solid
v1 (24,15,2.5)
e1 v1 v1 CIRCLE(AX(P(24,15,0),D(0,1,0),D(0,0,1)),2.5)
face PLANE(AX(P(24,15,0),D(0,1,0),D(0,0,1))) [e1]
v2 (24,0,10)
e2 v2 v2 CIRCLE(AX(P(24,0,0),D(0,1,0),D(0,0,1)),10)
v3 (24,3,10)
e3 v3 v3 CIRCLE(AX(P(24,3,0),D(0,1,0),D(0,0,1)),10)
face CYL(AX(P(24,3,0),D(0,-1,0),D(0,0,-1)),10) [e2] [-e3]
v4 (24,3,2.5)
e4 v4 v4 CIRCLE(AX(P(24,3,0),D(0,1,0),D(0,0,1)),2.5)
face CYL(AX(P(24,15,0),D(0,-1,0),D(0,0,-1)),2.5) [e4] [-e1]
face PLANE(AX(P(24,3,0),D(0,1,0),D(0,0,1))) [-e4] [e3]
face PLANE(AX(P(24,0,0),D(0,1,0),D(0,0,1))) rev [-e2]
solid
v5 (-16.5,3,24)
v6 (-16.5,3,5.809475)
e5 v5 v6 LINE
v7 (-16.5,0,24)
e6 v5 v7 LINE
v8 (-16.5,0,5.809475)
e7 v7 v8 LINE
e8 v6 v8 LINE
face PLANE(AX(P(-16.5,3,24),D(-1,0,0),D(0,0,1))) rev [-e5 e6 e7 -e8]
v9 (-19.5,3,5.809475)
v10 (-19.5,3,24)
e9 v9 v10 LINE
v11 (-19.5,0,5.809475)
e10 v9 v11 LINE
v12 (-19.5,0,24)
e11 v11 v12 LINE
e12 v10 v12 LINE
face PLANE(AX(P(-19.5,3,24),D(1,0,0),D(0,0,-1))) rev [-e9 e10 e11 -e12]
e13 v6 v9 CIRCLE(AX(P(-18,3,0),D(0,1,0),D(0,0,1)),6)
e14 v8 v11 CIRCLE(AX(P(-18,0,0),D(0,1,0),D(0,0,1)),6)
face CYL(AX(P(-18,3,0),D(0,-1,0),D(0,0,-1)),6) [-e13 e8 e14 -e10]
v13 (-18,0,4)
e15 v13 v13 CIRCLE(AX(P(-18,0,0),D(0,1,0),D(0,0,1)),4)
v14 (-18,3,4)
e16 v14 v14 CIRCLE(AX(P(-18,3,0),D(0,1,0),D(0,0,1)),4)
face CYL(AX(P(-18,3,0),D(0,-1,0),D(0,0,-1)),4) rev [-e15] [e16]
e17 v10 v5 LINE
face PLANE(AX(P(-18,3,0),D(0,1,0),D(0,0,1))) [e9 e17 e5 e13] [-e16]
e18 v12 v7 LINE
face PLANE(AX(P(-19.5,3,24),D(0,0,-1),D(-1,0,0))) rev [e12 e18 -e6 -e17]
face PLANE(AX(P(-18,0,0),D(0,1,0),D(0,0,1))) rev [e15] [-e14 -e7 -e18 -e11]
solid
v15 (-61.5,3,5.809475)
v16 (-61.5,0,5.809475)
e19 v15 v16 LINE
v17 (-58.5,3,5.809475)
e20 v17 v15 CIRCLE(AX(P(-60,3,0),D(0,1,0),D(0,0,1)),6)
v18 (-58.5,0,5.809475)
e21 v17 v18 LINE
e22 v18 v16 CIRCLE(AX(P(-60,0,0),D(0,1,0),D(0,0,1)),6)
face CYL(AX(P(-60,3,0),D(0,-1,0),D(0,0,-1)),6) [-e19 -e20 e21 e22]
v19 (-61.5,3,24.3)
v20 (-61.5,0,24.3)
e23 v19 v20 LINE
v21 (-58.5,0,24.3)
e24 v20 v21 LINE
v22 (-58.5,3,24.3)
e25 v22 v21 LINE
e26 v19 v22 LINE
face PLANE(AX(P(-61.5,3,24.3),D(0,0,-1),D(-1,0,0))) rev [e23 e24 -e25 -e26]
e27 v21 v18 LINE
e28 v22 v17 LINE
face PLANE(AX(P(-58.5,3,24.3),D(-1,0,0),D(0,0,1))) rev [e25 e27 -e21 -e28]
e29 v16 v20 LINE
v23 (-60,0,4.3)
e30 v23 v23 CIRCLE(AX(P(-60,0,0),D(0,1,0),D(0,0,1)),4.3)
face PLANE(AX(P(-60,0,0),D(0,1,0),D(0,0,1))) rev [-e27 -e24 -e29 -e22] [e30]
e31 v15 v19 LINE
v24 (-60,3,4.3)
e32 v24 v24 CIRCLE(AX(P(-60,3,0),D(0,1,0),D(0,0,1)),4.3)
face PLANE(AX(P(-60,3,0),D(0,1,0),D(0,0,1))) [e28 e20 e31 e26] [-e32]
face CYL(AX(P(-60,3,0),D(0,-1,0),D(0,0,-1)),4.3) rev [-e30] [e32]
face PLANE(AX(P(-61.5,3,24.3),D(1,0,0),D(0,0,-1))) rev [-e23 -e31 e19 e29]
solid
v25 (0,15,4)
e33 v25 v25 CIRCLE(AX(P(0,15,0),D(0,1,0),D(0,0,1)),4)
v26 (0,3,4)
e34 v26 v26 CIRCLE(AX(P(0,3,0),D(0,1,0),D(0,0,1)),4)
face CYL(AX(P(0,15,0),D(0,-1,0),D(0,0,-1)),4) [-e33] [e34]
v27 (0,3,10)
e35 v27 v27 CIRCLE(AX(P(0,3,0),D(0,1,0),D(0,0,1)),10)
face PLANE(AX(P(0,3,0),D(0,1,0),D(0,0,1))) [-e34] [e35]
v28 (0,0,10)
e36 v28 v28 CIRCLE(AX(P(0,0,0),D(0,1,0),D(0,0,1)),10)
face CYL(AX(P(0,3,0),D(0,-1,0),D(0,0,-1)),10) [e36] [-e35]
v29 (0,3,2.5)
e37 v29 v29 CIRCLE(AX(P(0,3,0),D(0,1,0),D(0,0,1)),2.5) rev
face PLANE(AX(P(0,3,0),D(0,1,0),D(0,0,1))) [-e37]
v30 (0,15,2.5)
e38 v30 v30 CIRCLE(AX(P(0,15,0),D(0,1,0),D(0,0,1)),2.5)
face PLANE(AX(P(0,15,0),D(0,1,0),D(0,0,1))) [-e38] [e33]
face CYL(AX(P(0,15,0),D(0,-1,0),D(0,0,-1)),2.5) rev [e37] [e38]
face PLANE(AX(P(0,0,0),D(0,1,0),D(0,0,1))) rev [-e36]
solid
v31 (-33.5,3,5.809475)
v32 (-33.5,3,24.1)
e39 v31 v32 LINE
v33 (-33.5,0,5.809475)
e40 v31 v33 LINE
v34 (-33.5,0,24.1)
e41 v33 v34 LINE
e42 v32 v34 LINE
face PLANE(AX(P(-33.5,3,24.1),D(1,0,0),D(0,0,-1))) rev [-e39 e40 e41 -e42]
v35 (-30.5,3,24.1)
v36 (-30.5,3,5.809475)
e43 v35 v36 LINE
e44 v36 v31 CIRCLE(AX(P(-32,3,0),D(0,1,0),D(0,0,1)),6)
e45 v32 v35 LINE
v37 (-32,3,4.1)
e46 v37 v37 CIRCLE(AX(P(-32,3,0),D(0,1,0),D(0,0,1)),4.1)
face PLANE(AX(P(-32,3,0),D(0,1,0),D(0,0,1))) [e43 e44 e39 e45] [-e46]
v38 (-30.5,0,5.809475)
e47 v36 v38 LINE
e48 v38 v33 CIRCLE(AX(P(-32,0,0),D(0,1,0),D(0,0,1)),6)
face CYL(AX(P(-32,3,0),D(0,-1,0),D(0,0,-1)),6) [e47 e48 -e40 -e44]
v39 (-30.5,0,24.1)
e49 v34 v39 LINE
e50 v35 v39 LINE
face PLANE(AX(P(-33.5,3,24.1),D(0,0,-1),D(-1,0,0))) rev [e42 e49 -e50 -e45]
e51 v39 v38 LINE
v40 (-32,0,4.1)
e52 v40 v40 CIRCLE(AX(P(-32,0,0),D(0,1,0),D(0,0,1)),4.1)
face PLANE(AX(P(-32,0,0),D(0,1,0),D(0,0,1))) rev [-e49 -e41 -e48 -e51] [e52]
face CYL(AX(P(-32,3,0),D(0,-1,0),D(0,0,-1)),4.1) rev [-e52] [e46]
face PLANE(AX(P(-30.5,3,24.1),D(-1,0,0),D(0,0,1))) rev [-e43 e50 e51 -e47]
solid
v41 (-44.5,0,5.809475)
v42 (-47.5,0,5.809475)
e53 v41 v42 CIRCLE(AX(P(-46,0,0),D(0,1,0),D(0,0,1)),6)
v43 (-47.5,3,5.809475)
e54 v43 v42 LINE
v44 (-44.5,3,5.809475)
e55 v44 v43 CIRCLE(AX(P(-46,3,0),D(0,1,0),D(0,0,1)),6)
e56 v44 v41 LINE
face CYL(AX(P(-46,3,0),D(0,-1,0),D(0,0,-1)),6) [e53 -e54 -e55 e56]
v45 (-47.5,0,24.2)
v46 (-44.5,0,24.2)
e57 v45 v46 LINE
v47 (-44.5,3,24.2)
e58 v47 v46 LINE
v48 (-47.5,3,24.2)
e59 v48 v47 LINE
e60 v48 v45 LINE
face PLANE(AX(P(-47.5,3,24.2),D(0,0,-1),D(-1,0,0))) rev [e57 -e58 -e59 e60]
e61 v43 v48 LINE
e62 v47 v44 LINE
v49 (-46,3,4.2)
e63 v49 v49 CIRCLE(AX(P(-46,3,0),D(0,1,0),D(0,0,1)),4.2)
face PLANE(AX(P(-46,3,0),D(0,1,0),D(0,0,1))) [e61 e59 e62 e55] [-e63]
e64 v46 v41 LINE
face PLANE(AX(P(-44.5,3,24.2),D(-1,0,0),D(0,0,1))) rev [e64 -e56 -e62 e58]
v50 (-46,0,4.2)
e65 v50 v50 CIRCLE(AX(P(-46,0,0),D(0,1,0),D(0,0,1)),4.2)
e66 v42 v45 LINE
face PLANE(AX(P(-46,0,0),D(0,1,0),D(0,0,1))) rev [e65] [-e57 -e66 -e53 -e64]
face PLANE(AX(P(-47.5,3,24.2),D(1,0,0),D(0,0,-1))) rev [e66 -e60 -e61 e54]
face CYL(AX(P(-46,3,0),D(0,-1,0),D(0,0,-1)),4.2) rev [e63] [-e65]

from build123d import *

# Parameters (mm, degrees)
SKETCH_1_R        = 10
EXTRUDE_1_DEPTH   = 3
EXTRUDE_1_2_DEPTH = 3
SKETCH_4_R        = 2.5
EXTRUDE_2_DEPTH   = 12
SKETCH_3_R        = 4
SKETCH_3_R_2      = 2.5
EXTRUDE_3_DEPTH   = 12
SKETCH_5_R        = 4.3
EXTRUDE_4_DEPTH   = 3
SKETCH_5_R_2      = 4.2
EXTRUDE_4_2_DEPTH = 3
SKETCH_5_R_3      = 4.1
EXTRUDE_4_3_DEPTH = 3
SKETCH_5_R_4      = 4
EXTRUDE_4_4_DEPTH = 3


with BuildPart() as part:
    # Эскиз1 → Бобышка-Вытянуть1 (new body)
    with BuildSketch(Plane(origin=(0, 0, 0), x_dir=(1, 0, 0), z_dir=(0, 1, 0))):
        with Locations(Location((0, 0, 0), (0, 0, 270))):
            Circle(SKETCH_1_R)
    extrude(amount=EXTRUDE_1_DEPTH)

    # Эскиз3 → Бобышка-Вытянуть3 (add)
    with BuildSketch(Plane(origin=(0, 3, 0), x_dir=(1, 0, 0), z_dir=(0, 1, 0))):
        with Locations(Location((0, 0, 0), (0, 0, 270))):
            Circle(SKETCH_3_R)
        with Locations(Location((0, 0, 0), (0, 0, 270))):
            Circle(SKETCH_3_R_2, mode=Mode.SUBTRACT)
    extrude(amount=EXTRUDE_3_DEPTH)


with BuildPart() as body_2:
    # Эскиз1 → Extrude 1 2 (new body)
    with BuildSketch(Plane(origin=(0, 0, 0), x_dir=(1, 0, 0), z_dir=(0, 1, 0))):
        with Locations(Location((24, 0, 0), (0, 0, 270))):
            Circle(SKETCH_1_R)
    extrude(amount=EXTRUDE_1_2_DEPTH)

    # Эскиз4 → Бобышка-Вытянуть2 (add)
    with BuildSketch(Plane(origin=(0, 3, 0), x_dir=(1, 0, 0), z_dir=(0, 1, 0))):
        with Locations(Location((24, 0, 0), (0, 0, 270))):
            Circle(SKETCH_4_R)
    extrude(amount=EXTRUDE_2_DEPTH)


with BuildPart() as body_3:
    # Эскиз5 → Бобышка-Вытянуть4 (new body)
    with BuildSketch(Plane(origin=(0, 0, 0), x_dir=(1, 0, 0), z_dir=(0, 1, 0))):
        with BuildLine():
            Line((-61.5, -24.3), (-58.5, -24.3))
            Line((-58.5, -24.3), (-58.5, -5.809475019))
            ThreePointArc((-58.5, -5.809475019), (-60, 6), (-61.5, -5.809475019))
            Line((-61.5, -5.809475019), (-61.5, -24.3))
        make_face()
        with Locations(Location((-60, 0, 0), (0, 0, 270))):
            Circle(SKETCH_5_R, mode=Mode.SUBTRACT)
    extrude(amount=EXTRUDE_4_DEPTH)


with BuildPart() as body_4:
    # Эскиз5 → Extrude 4 2 (new body)
    with BuildSketch(Plane(origin=(0, 0, 0), x_dir=(1, 0, 0), z_dir=(0, 1, 0))):
        with BuildLine():
            Line((-47.5, -24.2), (-44.5, -24.2))
            Line((-44.5, -24.2), (-44.5, -5.809475019))
            ThreePointArc((-44.5, -5.809475019), (-46, 6), (-47.5, -5.809475019))
            Line((-47.5, -5.809475019), (-47.5, -24.2))
        make_face()
        with Locations(Location((-46, 0, 0), (0, 0, 270))):
            Circle(SKETCH_5_R_2, mode=Mode.SUBTRACT)
    extrude(amount=EXTRUDE_4_2_DEPTH)


with BuildPart() as body_5:
    # Эскиз5 → Extrude 4 3 (new body)
    with BuildSketch(Plane(origin=(0, 0, 0), x_dir=(1, 0, 0), z_dir=(0, 1, 0))):
        with BuildLine():
            Line((-33.5, -24.1), (-30.5, -24.1))
            Line((-30.5, -24.1), (-30.5, -5.809475019))
            ThreePointArc((-30.5, -5.809475019), (-32, 6), (-33.5, -5.809475019))
            Line((-33.5, -5.809475019), (-33.5, -24.1))
        make_face()
        with Locations(Location((-32, 0, 0), (0, 0, 270))):
            Circle(SKETCH_5_R_3, mode=Mode.SUBTRACT)
    extrude(amount=EXTRUDE_4_3_DEPTH)


with BuildPart() as body_6:
    # Эскиз5 → Extrude 4 4 (new body)
    with BuildSketch(Plane(origin=(0, 0, 0), x_dir=(1, 0, 0), z_dir=(0, 1, 0))):
        with BuildLine():
            Line((-19.5, -24), (-16.5, -24))
            Line((-16.5, -24), (-16.5, -5.809475019))
            ThreePointArc((-16.5, -5.809475019), (-18, 6), (-19.5, -5.809475019))
            Line((-19.5, -5.809475019), (-19.5, -24))
        make_face()
        with Locations(Location((-18, 0, 0), (0, 0, 270))):
            Circle(SKETCH_5_R_4, mode=Mode.SUBTRACT)
    extrude(amount=EXTRUDE_4_4_DEPTH)


solid = Compound([part.part, body_2.part, body_3.part, body_4.part, body_5.part, body_6.part])
